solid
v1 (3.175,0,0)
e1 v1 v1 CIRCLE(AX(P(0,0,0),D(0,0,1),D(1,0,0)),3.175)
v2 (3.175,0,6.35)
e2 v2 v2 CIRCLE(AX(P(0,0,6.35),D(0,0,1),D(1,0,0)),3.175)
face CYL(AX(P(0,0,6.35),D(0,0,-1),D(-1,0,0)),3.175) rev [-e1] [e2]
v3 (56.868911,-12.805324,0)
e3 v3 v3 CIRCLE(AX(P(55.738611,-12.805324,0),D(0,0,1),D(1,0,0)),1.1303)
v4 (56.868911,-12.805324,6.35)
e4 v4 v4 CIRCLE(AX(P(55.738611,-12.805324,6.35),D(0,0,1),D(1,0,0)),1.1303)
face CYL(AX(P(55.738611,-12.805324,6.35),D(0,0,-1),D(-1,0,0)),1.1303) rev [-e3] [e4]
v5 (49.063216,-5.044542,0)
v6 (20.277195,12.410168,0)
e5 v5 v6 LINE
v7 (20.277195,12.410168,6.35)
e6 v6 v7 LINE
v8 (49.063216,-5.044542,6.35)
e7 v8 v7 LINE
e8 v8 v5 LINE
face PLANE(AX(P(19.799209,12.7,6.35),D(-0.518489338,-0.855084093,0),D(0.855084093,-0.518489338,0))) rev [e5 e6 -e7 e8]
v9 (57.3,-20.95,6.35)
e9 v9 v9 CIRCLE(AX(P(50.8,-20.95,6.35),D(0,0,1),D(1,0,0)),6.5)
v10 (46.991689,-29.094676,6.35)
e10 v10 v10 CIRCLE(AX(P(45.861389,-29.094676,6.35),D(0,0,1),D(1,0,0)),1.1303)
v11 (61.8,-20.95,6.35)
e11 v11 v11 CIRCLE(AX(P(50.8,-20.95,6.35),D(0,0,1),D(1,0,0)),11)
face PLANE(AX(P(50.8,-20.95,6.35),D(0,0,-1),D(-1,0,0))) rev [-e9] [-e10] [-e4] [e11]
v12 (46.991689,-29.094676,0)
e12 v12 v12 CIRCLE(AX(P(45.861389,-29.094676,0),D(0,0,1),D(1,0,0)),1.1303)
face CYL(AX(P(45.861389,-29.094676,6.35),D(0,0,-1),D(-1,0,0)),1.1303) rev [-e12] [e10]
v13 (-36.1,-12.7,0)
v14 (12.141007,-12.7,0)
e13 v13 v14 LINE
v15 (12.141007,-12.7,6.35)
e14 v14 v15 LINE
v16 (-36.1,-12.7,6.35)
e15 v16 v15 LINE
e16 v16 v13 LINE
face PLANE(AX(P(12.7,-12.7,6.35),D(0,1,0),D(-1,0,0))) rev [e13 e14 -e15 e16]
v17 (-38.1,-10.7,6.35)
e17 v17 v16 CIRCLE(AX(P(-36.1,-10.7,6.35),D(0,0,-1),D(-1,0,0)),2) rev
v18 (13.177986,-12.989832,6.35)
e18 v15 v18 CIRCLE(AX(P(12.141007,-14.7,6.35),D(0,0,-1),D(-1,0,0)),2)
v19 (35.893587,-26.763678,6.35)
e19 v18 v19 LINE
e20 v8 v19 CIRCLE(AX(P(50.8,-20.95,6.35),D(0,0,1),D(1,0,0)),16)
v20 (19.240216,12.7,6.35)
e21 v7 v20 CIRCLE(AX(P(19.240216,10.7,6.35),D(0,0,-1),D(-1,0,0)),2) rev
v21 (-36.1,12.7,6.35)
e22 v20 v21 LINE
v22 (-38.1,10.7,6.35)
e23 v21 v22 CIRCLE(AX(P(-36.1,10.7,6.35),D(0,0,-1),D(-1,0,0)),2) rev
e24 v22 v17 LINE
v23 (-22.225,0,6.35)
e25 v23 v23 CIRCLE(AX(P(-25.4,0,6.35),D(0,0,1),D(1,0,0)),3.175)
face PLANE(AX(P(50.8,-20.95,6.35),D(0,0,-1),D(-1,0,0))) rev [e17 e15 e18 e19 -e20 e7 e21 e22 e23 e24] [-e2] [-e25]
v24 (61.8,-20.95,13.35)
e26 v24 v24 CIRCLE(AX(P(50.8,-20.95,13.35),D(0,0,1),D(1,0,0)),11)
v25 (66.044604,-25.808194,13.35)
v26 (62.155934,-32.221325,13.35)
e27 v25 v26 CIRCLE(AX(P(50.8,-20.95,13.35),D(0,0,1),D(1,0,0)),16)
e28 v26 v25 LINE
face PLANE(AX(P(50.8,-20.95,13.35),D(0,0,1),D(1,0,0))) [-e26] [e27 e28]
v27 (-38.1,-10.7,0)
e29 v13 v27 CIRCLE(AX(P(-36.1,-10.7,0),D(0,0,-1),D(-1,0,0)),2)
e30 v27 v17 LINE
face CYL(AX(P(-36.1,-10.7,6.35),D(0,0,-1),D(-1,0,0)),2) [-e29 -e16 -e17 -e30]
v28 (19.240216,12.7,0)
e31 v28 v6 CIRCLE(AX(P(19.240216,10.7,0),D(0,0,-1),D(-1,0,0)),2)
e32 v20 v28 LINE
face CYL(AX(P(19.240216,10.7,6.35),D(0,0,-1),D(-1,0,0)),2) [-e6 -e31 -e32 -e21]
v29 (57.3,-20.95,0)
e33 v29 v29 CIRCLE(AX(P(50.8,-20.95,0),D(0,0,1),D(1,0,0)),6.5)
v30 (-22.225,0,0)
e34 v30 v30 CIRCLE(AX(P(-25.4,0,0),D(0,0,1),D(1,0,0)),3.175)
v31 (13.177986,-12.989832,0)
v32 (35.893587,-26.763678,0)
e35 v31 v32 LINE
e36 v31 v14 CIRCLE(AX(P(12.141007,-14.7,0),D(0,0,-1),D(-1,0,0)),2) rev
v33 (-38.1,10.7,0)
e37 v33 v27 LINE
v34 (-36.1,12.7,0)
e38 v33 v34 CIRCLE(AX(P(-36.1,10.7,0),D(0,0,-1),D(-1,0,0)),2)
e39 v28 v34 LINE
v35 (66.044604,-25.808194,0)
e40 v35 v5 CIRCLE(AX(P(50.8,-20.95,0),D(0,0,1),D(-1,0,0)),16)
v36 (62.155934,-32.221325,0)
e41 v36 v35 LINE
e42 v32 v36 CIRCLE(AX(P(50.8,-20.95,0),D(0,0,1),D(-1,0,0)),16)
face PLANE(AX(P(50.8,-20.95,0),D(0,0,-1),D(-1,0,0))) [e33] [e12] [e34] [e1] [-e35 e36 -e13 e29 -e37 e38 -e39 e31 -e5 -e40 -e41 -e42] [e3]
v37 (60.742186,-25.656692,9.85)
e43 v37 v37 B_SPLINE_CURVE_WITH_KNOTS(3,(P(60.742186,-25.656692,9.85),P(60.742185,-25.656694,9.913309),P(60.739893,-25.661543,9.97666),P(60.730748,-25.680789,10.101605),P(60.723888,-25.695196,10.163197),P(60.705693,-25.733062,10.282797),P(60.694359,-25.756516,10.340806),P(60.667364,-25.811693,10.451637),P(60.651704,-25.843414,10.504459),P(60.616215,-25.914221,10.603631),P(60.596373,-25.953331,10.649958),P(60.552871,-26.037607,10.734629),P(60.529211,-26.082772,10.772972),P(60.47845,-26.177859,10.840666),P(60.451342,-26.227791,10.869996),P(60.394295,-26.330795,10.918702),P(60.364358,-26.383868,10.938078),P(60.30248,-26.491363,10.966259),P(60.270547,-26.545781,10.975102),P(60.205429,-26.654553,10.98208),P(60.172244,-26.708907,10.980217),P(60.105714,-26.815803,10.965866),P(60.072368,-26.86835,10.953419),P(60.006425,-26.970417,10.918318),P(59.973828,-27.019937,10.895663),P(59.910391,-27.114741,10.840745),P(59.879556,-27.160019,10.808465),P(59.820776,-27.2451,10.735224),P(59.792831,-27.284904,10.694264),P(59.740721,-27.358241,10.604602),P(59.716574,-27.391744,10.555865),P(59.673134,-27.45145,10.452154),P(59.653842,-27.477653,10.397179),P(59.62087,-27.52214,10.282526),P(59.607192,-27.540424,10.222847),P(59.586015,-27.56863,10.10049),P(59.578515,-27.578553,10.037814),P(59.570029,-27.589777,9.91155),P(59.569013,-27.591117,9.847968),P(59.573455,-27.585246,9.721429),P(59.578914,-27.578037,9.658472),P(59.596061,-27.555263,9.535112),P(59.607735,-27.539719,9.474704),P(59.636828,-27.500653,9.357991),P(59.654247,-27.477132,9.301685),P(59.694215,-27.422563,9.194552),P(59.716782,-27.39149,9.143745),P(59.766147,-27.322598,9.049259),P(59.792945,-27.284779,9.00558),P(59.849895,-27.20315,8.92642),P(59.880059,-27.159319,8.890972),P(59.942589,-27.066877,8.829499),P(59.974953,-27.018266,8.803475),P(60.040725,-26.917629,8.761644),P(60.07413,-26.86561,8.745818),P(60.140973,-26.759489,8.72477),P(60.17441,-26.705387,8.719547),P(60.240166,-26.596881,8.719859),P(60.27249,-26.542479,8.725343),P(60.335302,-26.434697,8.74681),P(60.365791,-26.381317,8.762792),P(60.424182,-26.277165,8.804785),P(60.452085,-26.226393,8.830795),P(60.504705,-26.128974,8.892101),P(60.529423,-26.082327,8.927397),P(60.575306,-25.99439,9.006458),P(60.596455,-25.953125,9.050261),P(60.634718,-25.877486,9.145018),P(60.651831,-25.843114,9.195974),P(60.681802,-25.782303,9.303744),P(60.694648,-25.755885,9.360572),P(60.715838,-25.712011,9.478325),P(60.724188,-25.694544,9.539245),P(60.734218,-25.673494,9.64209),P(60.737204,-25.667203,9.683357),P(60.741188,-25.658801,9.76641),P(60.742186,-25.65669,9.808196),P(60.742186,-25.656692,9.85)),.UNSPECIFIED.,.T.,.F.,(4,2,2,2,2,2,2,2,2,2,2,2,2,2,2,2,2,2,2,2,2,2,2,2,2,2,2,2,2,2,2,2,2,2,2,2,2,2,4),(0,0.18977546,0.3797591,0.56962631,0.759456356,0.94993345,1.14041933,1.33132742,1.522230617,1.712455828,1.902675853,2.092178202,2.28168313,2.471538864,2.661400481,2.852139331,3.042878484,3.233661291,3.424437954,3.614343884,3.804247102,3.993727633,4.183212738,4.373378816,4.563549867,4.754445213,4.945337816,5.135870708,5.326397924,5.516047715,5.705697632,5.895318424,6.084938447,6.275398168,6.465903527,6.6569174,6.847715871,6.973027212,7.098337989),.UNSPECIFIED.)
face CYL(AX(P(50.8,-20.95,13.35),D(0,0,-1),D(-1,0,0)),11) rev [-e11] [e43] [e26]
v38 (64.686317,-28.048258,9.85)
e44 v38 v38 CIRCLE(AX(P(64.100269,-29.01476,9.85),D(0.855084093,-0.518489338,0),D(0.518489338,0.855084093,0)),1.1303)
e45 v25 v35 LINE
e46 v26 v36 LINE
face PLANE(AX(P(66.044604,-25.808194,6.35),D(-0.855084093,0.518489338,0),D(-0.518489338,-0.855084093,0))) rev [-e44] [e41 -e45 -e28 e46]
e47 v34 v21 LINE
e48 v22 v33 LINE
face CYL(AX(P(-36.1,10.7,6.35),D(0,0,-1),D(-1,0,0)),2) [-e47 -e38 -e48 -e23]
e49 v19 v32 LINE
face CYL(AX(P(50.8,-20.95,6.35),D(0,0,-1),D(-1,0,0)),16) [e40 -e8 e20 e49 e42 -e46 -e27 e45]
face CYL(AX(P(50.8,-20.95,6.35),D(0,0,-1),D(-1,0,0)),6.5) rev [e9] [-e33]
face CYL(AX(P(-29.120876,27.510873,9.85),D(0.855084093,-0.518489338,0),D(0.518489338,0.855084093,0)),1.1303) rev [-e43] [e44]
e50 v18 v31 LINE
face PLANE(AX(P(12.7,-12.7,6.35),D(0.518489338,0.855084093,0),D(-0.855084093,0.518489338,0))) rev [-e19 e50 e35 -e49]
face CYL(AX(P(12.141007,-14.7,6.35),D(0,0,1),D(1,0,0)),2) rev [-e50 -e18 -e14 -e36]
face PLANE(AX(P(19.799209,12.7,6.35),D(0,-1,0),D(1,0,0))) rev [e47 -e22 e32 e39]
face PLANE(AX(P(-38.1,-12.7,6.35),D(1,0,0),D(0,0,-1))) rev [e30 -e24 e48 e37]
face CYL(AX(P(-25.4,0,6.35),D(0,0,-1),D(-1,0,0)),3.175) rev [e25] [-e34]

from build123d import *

# Parameters (mm, degrees)
SKETCH1_R               = 3.175
SKETCH1_R_2             = 6.5
SKETCH1_R_3             = 1.1303
BOSS_EXTRUDE1_DEPTH     = 6.35
FILLET3_R               = 2
SKETCH4_R               = 11
BOSS_EXTRUDE2_DEPTH     = 7
CUT_EXTRUDE1_REACH      = 112.192
CUT_EXTRUDE1_END_RADIUS = 11
SKETCH2_R               = 1.1303


with BuildPart() as part:
    # Sketch1 → Boss-Extrude1 (new body)
    with BuildSketch(Plane.XY):
        with BuildLine():
            Line((-38.1, -12.7), (-38.1, 12.7))
            Line((-38.1, 12.7), (19.799208724, 12.7))
            Line((19.799208724, 12.7), (49.063216326, -5.044542368))
            ThreePointArc((49.063216326, -5.044542368), (63.185378941, -10.82071629), (66.044603929, -25.808194216))
            Line((66.044603929, -25.808194216), (62.155933896, -32.221324916))
            ThreePointArc((62.155933896, -32.221324916), (47.544550454, -36.615313538), (35.893587146, -26.763678338))
            Line((35.893587146, -26.763678338), (12.7, -12.7))
            Line((12.7, -12.7), (-38.1, -12.7))
        make_face()
        with Locations((-25.4, 0)):
            Circle(SKETCH1_R, mode=Mode.SUBTRACT)
        Circle(SKETCH1_R, mode=Mode.SUBTRACT)
        with Locations((50.8, -20.95)):
            Circle(SKETCH1_R_2, mode=Mode.SUBTRACT)
        with Locations((55.738610942, -12.805324011)):
            Circle(SKETCH1_R_3, mode=Mode.SUBTRACT)
        with Locations((45.861389058, -29.094675989)):
            Circle(SKETCH1_R_3, mode=Mode.SUBTRACT)
    extrude(amount=BOSS_EXTRUDE1_DEPTH)

    # Fillet3
    fillet3_edges = [part.edges().sort_by_distance(p)[0] for p in [
        (-38.1, -12.7, 3.175),
        (-38.1, 12.7, 3.175),
        (19.799208724, 12.7, 3.175),
        (12.7, -12.7, 3.175),
    ]]
    fillet(fillet3_edges, radius=FILLET3_R)

    # Sketch4 → Boss-Extrude2 (add)
    with BuildSketch(Plane.XY.offset(6.35)):
        with BuildLine():
            Line((66.044603929, -25.808194216), (62.155933896, -32.221324916))
            ThreePointArc((62.155933896, -32.221324916), (37.118654507, -12.654170595), (66.044603929, -25.808194216))
        make_face()
        with Locations((50.8, -20.95)):
            Circle(SKETCH4_R, mode=Mode.SUBTRACT)
    extrude(amount=BOSS_EXTRUDE2_DEPTH)

    # Cut-Extrude1: up to this cylinder (the profile starts outside it)
    cut_extrude1_end = Plane(origin=(50.8, -20.95, 9.85), z_dir=(0, 0, -1)) * Cylinder(CUT_EXTRUDE1_END_RADIUS, 247.384, mode=Mode.PRIVATE)
    # Sketch2 → Cut-Extrude1 (cut, up to the surface)
    with BuildSketch(Plane(origin=(59.73186838, -36.21905392, 0), x_dir=(0, 0, -1), z_dir=(0.8550840932924629, -0.5184893377864258, 0)), mode=Mode.PRIVATE) as cut_extrude1_sk1:
        with Locations(Location((-9.85, 8.425246605, 0), (0, 0, 90))):
            Circle(SKETCH2_R)
    cut_extrude1_tool1 = extrude(cut_extrude1_sk1.sketch, amount=-CUT_EXTRUDE1_REACH, mode=Mode.PRIVATE) - cut_extrude1_end
    add(cut_extrude1_tool1.solids().sort_by_distance((64.100269, -29.01476, 9.85))[0], mode=Mode.SUBTRACT)


solid = part.part
